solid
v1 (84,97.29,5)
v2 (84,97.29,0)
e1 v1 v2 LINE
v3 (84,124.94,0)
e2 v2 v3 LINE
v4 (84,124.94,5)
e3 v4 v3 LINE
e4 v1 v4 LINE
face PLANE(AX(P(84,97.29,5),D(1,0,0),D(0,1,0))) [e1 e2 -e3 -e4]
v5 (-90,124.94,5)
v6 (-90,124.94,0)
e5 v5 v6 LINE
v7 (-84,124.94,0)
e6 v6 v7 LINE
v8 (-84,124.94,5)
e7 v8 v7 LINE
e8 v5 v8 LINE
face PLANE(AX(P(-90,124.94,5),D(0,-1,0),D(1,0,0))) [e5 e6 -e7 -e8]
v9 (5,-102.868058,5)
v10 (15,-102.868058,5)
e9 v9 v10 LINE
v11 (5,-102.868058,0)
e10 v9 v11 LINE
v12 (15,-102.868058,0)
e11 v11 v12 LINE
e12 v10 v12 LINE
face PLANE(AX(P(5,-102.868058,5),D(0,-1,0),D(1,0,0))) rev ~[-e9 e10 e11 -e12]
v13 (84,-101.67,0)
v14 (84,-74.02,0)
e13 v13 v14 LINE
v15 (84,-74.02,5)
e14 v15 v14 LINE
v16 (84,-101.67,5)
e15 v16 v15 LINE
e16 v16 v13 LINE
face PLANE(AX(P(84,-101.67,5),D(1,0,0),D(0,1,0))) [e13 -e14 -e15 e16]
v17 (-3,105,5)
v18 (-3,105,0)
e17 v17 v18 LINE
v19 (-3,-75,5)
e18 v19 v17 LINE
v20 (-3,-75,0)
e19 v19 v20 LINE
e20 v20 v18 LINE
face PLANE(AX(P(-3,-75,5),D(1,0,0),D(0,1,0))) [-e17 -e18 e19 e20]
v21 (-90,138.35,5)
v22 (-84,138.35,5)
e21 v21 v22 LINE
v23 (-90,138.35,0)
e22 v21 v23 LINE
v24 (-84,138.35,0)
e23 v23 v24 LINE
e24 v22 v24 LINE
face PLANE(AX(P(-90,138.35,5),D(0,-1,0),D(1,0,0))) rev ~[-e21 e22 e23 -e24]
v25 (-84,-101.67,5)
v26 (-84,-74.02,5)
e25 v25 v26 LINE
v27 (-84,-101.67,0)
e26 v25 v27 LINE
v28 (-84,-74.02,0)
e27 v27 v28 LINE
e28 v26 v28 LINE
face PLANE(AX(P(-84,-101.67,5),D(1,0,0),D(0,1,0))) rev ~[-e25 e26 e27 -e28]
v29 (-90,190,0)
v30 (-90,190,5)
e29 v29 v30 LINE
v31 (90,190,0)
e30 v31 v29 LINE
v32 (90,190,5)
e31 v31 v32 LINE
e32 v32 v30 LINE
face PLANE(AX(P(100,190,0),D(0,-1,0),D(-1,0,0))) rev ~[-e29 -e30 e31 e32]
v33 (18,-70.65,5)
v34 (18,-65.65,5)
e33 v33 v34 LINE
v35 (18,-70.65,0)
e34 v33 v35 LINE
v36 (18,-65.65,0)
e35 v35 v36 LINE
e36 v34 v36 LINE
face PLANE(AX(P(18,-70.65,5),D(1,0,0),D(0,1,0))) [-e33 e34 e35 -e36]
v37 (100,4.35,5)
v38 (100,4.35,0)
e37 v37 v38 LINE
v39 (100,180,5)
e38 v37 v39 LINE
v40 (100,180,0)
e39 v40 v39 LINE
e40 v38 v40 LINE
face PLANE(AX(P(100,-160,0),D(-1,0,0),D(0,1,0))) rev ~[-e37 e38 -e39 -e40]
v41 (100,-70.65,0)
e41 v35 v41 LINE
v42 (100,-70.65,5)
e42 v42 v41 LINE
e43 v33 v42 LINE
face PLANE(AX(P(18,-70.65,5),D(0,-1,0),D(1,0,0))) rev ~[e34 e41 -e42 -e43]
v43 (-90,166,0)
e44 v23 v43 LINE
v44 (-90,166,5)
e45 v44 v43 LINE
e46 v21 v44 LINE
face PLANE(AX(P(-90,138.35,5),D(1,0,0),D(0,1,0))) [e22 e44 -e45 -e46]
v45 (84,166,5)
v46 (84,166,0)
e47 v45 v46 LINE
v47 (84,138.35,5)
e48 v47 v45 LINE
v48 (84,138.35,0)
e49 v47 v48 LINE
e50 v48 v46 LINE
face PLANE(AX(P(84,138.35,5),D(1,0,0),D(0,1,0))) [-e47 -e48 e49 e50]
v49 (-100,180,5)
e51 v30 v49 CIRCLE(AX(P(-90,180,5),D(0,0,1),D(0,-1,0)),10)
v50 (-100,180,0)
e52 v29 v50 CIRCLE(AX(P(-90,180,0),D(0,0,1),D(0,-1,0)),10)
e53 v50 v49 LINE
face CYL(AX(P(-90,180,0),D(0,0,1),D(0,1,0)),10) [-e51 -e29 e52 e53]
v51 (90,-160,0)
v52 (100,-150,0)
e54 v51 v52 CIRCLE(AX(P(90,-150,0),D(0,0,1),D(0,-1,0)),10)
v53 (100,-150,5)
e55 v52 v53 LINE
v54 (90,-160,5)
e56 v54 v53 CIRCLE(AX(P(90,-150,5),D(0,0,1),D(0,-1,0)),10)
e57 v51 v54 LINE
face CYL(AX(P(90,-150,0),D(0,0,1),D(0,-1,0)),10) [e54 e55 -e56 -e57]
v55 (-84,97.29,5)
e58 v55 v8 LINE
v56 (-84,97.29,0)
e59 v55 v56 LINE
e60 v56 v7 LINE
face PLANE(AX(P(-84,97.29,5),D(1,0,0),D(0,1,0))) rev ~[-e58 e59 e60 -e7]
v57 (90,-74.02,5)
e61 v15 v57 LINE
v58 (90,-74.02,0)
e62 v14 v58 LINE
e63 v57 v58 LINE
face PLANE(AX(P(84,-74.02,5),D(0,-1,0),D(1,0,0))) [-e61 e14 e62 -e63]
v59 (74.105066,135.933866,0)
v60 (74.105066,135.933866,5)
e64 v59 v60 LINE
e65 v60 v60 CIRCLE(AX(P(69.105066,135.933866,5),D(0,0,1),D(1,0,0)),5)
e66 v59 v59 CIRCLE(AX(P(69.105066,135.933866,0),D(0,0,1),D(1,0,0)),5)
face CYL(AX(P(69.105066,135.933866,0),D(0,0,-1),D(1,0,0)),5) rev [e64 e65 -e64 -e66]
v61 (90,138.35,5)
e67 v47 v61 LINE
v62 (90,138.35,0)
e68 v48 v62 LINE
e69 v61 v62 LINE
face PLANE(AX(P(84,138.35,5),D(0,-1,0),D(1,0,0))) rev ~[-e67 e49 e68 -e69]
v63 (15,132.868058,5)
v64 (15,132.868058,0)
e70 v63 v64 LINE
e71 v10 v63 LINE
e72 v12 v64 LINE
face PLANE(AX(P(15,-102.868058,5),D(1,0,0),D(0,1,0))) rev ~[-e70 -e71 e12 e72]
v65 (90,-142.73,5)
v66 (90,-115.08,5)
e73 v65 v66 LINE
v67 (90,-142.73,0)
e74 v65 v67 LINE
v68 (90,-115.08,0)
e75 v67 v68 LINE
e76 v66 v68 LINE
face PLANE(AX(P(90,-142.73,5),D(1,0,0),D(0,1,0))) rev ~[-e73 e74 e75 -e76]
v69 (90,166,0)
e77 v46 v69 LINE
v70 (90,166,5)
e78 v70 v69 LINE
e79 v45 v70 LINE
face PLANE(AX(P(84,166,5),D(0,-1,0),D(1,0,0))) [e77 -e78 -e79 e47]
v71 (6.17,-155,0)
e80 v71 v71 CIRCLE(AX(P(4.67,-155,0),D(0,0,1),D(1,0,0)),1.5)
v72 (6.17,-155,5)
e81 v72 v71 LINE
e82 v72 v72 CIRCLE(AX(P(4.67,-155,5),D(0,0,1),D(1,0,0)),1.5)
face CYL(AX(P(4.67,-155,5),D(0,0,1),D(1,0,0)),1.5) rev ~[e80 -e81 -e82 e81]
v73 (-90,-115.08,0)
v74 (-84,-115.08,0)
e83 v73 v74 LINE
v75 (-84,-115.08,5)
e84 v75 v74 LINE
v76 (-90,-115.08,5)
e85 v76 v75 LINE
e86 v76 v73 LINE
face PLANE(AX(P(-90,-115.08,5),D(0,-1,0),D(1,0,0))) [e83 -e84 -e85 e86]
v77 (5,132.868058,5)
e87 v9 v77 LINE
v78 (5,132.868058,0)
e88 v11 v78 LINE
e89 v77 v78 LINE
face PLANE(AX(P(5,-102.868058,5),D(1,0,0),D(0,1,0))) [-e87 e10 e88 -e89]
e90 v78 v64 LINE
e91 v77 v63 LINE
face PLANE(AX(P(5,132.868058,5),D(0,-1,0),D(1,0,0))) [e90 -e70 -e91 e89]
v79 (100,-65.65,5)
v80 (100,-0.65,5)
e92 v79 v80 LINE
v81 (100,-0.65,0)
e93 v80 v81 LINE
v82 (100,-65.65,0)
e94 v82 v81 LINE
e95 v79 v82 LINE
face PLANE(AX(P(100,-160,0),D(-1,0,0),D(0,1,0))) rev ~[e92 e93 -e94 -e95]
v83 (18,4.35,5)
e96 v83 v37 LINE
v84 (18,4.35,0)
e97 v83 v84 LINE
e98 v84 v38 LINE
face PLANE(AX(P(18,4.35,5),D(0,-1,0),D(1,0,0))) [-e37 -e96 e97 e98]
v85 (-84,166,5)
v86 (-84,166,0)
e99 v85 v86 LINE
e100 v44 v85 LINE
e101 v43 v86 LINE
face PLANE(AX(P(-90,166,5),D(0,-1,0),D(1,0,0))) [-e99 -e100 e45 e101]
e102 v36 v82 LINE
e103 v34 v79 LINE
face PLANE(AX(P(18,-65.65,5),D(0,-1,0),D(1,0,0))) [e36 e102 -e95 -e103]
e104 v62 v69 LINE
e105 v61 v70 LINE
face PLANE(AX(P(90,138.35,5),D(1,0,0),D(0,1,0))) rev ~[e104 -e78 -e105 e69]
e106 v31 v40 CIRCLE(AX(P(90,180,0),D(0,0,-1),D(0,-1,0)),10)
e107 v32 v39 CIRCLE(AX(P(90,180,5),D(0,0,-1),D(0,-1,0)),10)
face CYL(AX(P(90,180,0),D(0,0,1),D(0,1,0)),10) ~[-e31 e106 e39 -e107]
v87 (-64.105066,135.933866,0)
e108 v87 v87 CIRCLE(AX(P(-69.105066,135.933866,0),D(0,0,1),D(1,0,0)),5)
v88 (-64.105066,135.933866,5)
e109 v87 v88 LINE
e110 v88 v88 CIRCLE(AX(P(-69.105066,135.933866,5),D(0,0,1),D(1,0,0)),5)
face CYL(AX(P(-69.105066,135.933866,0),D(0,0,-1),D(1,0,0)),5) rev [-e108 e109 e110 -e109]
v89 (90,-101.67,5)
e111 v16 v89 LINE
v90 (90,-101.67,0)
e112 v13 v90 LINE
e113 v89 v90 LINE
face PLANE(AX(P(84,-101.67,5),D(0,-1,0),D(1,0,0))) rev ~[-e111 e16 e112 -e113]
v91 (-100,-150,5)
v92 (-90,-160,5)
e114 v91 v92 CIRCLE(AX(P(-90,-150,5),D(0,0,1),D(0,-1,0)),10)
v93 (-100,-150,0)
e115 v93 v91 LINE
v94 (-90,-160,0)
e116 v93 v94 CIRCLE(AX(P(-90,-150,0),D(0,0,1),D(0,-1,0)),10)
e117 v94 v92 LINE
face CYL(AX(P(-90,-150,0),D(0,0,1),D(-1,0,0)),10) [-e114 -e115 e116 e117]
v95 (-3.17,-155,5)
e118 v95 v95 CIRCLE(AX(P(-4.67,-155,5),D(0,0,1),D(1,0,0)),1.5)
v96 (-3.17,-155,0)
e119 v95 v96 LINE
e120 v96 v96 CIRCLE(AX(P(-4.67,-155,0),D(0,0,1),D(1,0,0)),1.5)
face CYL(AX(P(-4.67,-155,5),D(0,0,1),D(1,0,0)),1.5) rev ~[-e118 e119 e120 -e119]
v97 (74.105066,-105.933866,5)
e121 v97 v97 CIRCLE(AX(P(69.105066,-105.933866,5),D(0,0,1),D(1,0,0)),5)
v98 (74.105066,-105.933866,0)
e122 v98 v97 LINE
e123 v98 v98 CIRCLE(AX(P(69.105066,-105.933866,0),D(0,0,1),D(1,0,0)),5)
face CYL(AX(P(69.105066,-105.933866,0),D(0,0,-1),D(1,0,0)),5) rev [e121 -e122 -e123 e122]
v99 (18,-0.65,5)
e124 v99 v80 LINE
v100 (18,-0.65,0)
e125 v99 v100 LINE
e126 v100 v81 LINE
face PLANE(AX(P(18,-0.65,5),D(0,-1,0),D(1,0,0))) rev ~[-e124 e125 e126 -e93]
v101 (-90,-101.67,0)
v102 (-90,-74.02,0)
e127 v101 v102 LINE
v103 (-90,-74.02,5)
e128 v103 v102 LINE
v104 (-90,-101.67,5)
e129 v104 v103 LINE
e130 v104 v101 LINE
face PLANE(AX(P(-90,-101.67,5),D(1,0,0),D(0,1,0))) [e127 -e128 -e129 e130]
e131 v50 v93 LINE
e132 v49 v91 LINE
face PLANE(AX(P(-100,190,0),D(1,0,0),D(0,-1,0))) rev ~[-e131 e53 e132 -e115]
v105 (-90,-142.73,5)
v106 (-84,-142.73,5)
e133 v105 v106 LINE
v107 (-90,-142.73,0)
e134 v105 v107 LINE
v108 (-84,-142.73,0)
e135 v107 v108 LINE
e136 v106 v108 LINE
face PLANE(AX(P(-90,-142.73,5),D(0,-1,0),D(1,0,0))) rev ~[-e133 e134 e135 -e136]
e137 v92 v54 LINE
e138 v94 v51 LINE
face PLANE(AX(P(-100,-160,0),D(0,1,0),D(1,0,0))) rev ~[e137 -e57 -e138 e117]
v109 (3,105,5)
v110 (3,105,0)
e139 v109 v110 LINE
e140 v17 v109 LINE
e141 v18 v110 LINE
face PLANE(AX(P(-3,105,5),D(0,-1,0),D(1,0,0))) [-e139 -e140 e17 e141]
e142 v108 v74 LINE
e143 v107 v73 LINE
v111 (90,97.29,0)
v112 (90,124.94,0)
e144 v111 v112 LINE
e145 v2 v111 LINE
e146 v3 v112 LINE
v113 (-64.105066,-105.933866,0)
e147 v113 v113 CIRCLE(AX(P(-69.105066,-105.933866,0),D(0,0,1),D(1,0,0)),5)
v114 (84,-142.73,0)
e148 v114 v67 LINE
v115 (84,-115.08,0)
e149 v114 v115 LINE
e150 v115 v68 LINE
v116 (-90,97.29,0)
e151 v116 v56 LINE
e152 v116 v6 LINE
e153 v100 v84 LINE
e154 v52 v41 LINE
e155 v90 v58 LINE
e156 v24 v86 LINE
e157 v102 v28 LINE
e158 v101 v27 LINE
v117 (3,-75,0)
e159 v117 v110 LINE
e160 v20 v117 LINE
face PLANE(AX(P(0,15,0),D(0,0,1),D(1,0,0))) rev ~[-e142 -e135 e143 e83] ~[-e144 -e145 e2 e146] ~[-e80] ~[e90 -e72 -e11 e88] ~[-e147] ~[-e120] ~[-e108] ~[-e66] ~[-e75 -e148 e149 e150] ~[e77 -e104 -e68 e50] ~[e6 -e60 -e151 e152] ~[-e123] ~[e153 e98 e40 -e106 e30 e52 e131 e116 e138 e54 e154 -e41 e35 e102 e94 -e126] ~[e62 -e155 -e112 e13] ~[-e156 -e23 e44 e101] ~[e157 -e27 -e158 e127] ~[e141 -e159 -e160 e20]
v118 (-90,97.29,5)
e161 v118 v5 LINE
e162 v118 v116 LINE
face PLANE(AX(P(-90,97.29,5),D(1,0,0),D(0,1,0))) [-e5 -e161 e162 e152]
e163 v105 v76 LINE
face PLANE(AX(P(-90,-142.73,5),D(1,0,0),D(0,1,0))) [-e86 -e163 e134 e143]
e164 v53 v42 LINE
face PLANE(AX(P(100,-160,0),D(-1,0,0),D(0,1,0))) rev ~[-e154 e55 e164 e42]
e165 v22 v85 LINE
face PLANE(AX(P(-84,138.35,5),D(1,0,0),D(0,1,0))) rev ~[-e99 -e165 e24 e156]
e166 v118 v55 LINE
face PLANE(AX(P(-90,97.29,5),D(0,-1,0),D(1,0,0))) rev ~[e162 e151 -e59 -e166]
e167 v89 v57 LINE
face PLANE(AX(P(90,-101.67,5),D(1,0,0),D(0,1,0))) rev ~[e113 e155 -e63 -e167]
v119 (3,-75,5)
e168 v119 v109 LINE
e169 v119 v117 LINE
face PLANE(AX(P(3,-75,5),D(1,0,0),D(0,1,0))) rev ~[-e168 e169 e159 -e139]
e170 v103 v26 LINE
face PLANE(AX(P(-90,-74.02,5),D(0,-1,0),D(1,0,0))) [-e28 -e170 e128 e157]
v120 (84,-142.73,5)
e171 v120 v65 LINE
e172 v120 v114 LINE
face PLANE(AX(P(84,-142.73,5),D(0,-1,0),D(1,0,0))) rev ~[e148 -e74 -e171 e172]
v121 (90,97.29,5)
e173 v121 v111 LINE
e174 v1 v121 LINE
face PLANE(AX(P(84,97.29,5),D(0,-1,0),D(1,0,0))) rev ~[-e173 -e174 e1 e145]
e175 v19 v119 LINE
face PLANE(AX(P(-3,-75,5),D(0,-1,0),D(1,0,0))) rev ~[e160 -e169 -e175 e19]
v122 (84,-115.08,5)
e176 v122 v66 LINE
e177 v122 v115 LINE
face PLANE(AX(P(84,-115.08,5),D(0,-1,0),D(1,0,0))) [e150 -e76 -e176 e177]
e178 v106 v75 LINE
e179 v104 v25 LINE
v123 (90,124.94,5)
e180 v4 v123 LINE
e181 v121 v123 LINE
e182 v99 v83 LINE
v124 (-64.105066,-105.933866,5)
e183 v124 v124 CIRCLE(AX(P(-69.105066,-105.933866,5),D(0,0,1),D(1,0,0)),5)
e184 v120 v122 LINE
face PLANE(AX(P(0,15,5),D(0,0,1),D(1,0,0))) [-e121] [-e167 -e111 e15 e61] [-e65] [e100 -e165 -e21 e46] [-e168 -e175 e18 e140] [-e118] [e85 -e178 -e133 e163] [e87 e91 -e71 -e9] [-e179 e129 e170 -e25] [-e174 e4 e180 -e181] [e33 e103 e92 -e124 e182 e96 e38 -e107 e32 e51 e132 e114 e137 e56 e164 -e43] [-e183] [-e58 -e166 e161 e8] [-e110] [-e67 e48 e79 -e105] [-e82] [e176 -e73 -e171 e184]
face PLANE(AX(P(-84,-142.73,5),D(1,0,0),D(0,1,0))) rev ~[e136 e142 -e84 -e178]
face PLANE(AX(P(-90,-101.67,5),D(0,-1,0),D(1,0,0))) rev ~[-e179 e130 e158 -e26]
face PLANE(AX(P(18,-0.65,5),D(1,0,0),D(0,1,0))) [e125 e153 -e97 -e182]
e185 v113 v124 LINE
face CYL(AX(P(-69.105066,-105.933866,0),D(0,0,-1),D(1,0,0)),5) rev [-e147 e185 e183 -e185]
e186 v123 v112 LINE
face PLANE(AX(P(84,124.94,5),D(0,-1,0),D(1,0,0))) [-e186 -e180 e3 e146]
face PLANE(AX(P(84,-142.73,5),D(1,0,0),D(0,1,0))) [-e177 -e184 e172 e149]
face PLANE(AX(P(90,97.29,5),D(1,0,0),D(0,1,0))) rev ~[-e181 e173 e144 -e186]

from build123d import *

# Parameters (mm, degrees)
SKETCH1_R           = 5
BOSS_EXTRUDE1_DEPTH = 5
SKETCH4_W           = 6
SKETCH4_H           = 180
SKETCH4_W_2         = 10
SKETCH4_H_2         = 235.736115182
SKETCH4_W_3         = 82
SKETCH4_H_3         = 5
CUT_EXTRUDE1_DEPTH  = 10
SKETCH5_R           = 1.5
SKETCH5_W           = 6
SKETCH5_H           = 27.65
CUT_EXTRUDE2_DEPTH  = 6
FILLET1_R           = 10


with BuildPart() as part:
    # Sketch1 → Boss-Extrude1 (new body)
    with BuildSketch(Plane.XY):
        Polygon((100, 190), (-100, 190), (-100, -90), (-100, -160), (100, -160), (100, -90), align=None)
        with Locations((-69.105066414, 135.933866224)):
            Circle(SKETCH1_R, mode=Mode.SUBTRACT)
        with Locations((69.105066414, 135.933866224)):
            Circle(SKETCH1_R, mode=Mode.SUBTRACT)
        with Locations((69.105066414, -105.933866224)):
            Circle(SKETCH1_R, mode=Mode.SUBTRACT)
        with Locations((-69.105066414, -105.933866224)):
            Circle(SKETCH1_R, mode=Mode.SUBTRACT)
    extrude(amount=BOSS_EXTRUDE1_DEPTH)

    # Sketch4 → Cut-Extrude1 (cut)
    with BuildSketch(Plane.XY.offset(5)):
        with Locations((0, 15)):
            Rectangle(SKETCH4_W, SKETCH4_H)
        with Locations((10, 15)):
            Rectangle(SKETCH4_W_2, SKETCH4_H_2)
        with Locations((59, -68.15)):
            Rectangle(SKETCH4_W_3, SKETCH4_H_3)
        with Locations((59, 1.85)):
            Rectangle(SKETCH4_W_3, SKETCH4_H_3)
    extrude(amount=-CUT_EXTRUDE1_DEPTH, mode=Mode.SUBTRACT)

    # Sketch5 → Cut-Extrude2 (cut, through all)
    with BuildSketch(Plane.XY.offset(5)):
        with Locations((4.67, -155)):
            Circle(SKETCH5_R)
        with Locations((-4.67, -155)):
            Circle(SKETCH5_R)
        with Locations((-87, 152.175)):
            Rectangle(SKETCH5_W, SKETCH5_H)
        with Locations((-87, 111.115)):
            Rectangle(SKETCH5_W, SKETCH5_H)
        with Locations((-87, -87.845)):
            Rectangle(SKETCH5_W, SKETCH5_H)
        with Locations((-87, -128.905)):
            Rectangle(SKETCH5_W, SKETCH5_H)
        with Locations((87, -87.845)):
            Rectangle(SKETCH5_W, SKETCH5_H)
        with Locations((87, -128.905)):
            Rectangle(SKETCH5_W, SKETCH5_H)
        with Locations((87, 152.175)):
            Rectangle(SKETCH5_W, SKETCH5_H)
        with Locations((87, 111.115)):
            Rectangle(SKETCH5_W, SKETCH5_H)
    extrude(amount=-CUT_EXTRUDE2_DEPTH, mode=Mode.SUBTRACT)

    # Fillet1
    fillet1_edges = [part.edges().sort_by_distance(p)[0] for p in [
        (-100, 190, 2.5),
        (100, 190, 2.5),
        (100, -160, 2.5),
        (-100, -160, 2.5),
    ]]
    fillet(fillet1_edges, radius=FILLET1_R)


solid = part.part
